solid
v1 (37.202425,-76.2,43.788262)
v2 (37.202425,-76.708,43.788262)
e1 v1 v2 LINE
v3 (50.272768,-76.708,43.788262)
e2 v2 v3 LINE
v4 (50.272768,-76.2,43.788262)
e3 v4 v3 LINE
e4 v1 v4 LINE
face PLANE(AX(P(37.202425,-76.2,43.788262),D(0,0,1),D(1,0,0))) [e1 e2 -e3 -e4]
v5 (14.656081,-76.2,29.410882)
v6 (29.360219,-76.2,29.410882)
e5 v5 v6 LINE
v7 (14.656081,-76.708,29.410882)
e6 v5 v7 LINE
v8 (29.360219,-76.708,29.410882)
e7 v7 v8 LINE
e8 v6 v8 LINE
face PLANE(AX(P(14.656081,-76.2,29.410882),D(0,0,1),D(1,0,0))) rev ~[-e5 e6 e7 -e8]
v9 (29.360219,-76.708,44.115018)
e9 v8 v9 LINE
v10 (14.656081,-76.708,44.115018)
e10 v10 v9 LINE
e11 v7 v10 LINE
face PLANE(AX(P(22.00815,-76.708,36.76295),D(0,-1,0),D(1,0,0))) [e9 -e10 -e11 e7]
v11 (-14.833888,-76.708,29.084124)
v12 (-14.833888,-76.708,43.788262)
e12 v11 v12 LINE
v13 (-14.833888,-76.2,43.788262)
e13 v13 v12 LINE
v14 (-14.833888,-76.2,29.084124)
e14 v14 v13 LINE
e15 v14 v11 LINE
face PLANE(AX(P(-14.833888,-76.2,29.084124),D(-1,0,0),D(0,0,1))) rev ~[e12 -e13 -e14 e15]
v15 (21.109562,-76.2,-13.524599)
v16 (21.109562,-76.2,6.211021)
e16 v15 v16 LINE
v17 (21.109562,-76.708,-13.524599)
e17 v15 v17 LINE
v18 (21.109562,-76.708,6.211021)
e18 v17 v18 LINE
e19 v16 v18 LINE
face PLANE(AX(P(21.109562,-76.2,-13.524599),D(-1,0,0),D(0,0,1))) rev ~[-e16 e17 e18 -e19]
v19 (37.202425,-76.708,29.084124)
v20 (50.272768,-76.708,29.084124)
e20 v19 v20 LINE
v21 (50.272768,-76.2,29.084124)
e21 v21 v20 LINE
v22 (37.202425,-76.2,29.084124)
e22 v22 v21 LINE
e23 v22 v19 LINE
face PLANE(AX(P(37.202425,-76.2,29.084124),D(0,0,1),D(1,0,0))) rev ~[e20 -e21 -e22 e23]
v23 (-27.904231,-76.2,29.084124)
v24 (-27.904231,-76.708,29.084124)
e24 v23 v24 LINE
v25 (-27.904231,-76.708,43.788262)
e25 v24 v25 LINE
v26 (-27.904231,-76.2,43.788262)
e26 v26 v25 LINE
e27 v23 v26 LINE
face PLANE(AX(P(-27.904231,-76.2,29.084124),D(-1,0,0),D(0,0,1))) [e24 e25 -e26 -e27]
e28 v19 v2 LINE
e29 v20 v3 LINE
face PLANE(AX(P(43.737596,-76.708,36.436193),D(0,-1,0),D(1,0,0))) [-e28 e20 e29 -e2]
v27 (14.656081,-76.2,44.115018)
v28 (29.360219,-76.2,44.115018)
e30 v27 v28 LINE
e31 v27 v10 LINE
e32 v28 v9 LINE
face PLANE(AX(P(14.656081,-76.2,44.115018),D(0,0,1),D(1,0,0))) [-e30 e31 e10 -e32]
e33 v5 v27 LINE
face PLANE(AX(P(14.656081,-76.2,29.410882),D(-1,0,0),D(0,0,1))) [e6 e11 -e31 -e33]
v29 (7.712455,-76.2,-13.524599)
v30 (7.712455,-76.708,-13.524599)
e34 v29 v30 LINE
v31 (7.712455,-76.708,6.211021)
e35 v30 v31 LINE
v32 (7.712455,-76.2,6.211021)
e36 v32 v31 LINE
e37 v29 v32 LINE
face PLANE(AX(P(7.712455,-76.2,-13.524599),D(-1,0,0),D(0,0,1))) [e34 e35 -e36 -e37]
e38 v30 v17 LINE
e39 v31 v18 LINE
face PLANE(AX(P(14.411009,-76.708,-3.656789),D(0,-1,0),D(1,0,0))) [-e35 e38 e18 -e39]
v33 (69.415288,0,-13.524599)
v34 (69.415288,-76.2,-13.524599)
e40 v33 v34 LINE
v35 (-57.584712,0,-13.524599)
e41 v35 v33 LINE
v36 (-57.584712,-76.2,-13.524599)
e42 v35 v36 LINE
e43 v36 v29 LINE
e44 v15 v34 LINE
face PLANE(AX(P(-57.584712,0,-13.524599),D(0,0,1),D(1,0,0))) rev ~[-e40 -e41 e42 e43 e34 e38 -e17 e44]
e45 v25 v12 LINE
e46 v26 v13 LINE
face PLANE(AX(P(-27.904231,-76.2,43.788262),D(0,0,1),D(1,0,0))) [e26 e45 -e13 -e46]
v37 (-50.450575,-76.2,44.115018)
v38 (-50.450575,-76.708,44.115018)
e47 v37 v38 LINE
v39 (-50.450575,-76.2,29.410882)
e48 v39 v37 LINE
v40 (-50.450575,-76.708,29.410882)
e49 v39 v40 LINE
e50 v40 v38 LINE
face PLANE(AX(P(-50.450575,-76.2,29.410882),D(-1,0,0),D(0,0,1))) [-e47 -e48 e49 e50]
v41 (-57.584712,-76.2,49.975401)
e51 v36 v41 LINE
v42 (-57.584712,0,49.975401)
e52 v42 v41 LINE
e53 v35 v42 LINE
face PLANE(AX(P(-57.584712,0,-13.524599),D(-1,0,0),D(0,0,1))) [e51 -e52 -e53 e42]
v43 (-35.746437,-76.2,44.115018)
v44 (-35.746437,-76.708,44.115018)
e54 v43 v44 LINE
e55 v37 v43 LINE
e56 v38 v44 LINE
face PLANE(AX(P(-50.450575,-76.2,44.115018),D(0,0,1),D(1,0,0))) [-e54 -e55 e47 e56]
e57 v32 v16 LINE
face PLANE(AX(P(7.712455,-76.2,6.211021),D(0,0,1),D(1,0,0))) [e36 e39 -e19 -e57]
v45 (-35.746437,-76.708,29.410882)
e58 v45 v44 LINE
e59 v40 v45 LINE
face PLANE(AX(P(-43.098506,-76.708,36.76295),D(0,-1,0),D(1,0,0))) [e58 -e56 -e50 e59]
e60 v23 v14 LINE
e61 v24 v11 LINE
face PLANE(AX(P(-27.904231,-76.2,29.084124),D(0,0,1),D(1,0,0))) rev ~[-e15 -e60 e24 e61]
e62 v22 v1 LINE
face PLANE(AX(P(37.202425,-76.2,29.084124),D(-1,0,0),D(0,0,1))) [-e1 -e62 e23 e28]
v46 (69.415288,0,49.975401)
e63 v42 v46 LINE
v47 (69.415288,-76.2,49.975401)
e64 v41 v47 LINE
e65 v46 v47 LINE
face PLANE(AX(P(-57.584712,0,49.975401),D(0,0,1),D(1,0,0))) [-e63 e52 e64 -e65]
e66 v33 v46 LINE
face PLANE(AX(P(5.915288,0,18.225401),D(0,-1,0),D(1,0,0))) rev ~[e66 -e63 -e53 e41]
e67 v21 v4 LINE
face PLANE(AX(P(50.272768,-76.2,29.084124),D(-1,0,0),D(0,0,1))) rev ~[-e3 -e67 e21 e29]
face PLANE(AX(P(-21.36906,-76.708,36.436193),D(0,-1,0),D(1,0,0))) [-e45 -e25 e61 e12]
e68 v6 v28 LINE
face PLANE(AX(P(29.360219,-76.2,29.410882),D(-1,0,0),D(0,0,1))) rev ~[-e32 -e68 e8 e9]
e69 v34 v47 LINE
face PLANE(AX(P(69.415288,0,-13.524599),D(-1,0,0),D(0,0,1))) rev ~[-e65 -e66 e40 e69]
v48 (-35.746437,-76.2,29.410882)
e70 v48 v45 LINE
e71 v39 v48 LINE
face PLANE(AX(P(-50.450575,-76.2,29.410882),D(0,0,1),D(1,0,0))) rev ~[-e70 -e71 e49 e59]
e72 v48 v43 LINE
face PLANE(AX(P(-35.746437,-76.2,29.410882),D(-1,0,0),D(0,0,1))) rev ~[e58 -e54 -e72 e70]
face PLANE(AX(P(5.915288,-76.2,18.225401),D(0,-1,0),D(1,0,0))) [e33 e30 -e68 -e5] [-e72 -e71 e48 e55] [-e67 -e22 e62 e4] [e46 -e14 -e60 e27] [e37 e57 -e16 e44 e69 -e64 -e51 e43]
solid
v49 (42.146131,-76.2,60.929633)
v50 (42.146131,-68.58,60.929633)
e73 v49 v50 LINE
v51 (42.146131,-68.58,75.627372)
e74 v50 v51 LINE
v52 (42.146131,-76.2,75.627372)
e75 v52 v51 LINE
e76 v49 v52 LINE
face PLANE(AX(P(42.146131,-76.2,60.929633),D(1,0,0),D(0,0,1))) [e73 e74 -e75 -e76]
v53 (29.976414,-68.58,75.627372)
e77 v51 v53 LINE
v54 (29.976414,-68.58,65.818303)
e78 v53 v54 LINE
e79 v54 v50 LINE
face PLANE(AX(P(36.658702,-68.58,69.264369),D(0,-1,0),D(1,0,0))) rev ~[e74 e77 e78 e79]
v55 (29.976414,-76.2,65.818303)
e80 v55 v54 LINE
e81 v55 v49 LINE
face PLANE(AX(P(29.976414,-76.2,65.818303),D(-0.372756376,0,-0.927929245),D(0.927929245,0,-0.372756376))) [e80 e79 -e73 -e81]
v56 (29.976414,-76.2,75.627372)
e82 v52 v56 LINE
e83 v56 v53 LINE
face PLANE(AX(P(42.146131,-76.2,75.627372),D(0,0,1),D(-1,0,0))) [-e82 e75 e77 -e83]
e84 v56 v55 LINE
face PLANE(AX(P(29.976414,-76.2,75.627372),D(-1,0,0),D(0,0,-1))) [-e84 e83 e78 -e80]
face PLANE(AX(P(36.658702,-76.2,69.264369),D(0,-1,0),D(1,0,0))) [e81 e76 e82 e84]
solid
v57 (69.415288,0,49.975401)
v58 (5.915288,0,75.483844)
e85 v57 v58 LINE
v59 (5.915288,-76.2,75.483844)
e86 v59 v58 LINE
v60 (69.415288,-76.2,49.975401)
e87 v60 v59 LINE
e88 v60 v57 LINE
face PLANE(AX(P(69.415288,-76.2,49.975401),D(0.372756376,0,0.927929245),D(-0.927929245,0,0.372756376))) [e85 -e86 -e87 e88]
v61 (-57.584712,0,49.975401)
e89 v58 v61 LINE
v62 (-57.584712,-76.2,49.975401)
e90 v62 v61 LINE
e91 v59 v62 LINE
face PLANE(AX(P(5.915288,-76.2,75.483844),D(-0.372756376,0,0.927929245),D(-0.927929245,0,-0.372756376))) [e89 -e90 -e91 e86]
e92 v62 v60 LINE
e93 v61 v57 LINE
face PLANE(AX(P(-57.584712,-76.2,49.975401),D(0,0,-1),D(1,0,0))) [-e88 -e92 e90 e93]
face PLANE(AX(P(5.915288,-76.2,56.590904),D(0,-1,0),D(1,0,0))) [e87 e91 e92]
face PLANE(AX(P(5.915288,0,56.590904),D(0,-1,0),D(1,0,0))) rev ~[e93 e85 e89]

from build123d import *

# Parameters (mm, degrees)
F0_W     = 127
F0_H     = 63.5
F1_DEPTH = 76.2
F2_W     = 13.3971069008
F2_H     = 19.7356194196
F2_W_2   = 14.7041380405
F2_H_2   = 14.7041361779
F2_W_3   = 13.0703430623
F2_H_3   = 14.7041380405
F3_DEPTH = 0.508
F5_DEPTH = 76.2
F7_DEPTH = 7.62


with BuildPart() as f1:
    # F0 (on Front) → F1 (new body)
    with BuildSketch(Plane.XZ):
        with Locations((5.9152878821, 18.2254010985)):
            Rectangle(F0_W, F0_H)
    extrude(amount=F1_DEPTH)

    # F2 (on face) → F3 (join)
    with BuildSketch(Plane.XZ.offset(76.2)):
        with Locations((14.4110089168, -3.6567891917)):
            Rectangle(F2_W, F2_H)
        with Locations((-43.0985055864, 36.7629500106)):
            Rectangle(F2_W_2, F2_H_2)
        with Locations((-21.3690595701, 36.4361926913)):
            Rectangle(F2_W_3, F2_H_3)
        with Locations((22.0081503503, 36.7629500106)):
            Rectangle(F2_W_2, F2_H_2)
        with Locations((43.7375963666, 36.4361926913)):
            Rectangle(F2_W_3, F2_H_3)
    extrude(amount=F3_DEPTH)


with BuildPart() as f5:
    # F4 (on face) → F5 (new body)
    with BuildSketch(Plane.XZ.offset(76.2)):
        Polygon((69.4152878821, 49.9754010985), (5.9152878821, 75.4838436842), (-57.5847121179, 49.9754010985), align=None)
    extrude(amount=-F5_DEPTH)


with BuildPart() as f7:
    # F6 (on face) → F7 (new body)
    with BuildSketch(Plane.XZ.offset(76.2)):
        Polygon((29.9764143668, 75.6273716688), (29.9764143668, 65.818302527), (42.1461313963, 60.9296327927), (42.1461313963, 75.6273716688), align=None)
    extrude(amount=-F7_DEPTH)


solid = Compound([f1.part, f5.part, f7.part])
